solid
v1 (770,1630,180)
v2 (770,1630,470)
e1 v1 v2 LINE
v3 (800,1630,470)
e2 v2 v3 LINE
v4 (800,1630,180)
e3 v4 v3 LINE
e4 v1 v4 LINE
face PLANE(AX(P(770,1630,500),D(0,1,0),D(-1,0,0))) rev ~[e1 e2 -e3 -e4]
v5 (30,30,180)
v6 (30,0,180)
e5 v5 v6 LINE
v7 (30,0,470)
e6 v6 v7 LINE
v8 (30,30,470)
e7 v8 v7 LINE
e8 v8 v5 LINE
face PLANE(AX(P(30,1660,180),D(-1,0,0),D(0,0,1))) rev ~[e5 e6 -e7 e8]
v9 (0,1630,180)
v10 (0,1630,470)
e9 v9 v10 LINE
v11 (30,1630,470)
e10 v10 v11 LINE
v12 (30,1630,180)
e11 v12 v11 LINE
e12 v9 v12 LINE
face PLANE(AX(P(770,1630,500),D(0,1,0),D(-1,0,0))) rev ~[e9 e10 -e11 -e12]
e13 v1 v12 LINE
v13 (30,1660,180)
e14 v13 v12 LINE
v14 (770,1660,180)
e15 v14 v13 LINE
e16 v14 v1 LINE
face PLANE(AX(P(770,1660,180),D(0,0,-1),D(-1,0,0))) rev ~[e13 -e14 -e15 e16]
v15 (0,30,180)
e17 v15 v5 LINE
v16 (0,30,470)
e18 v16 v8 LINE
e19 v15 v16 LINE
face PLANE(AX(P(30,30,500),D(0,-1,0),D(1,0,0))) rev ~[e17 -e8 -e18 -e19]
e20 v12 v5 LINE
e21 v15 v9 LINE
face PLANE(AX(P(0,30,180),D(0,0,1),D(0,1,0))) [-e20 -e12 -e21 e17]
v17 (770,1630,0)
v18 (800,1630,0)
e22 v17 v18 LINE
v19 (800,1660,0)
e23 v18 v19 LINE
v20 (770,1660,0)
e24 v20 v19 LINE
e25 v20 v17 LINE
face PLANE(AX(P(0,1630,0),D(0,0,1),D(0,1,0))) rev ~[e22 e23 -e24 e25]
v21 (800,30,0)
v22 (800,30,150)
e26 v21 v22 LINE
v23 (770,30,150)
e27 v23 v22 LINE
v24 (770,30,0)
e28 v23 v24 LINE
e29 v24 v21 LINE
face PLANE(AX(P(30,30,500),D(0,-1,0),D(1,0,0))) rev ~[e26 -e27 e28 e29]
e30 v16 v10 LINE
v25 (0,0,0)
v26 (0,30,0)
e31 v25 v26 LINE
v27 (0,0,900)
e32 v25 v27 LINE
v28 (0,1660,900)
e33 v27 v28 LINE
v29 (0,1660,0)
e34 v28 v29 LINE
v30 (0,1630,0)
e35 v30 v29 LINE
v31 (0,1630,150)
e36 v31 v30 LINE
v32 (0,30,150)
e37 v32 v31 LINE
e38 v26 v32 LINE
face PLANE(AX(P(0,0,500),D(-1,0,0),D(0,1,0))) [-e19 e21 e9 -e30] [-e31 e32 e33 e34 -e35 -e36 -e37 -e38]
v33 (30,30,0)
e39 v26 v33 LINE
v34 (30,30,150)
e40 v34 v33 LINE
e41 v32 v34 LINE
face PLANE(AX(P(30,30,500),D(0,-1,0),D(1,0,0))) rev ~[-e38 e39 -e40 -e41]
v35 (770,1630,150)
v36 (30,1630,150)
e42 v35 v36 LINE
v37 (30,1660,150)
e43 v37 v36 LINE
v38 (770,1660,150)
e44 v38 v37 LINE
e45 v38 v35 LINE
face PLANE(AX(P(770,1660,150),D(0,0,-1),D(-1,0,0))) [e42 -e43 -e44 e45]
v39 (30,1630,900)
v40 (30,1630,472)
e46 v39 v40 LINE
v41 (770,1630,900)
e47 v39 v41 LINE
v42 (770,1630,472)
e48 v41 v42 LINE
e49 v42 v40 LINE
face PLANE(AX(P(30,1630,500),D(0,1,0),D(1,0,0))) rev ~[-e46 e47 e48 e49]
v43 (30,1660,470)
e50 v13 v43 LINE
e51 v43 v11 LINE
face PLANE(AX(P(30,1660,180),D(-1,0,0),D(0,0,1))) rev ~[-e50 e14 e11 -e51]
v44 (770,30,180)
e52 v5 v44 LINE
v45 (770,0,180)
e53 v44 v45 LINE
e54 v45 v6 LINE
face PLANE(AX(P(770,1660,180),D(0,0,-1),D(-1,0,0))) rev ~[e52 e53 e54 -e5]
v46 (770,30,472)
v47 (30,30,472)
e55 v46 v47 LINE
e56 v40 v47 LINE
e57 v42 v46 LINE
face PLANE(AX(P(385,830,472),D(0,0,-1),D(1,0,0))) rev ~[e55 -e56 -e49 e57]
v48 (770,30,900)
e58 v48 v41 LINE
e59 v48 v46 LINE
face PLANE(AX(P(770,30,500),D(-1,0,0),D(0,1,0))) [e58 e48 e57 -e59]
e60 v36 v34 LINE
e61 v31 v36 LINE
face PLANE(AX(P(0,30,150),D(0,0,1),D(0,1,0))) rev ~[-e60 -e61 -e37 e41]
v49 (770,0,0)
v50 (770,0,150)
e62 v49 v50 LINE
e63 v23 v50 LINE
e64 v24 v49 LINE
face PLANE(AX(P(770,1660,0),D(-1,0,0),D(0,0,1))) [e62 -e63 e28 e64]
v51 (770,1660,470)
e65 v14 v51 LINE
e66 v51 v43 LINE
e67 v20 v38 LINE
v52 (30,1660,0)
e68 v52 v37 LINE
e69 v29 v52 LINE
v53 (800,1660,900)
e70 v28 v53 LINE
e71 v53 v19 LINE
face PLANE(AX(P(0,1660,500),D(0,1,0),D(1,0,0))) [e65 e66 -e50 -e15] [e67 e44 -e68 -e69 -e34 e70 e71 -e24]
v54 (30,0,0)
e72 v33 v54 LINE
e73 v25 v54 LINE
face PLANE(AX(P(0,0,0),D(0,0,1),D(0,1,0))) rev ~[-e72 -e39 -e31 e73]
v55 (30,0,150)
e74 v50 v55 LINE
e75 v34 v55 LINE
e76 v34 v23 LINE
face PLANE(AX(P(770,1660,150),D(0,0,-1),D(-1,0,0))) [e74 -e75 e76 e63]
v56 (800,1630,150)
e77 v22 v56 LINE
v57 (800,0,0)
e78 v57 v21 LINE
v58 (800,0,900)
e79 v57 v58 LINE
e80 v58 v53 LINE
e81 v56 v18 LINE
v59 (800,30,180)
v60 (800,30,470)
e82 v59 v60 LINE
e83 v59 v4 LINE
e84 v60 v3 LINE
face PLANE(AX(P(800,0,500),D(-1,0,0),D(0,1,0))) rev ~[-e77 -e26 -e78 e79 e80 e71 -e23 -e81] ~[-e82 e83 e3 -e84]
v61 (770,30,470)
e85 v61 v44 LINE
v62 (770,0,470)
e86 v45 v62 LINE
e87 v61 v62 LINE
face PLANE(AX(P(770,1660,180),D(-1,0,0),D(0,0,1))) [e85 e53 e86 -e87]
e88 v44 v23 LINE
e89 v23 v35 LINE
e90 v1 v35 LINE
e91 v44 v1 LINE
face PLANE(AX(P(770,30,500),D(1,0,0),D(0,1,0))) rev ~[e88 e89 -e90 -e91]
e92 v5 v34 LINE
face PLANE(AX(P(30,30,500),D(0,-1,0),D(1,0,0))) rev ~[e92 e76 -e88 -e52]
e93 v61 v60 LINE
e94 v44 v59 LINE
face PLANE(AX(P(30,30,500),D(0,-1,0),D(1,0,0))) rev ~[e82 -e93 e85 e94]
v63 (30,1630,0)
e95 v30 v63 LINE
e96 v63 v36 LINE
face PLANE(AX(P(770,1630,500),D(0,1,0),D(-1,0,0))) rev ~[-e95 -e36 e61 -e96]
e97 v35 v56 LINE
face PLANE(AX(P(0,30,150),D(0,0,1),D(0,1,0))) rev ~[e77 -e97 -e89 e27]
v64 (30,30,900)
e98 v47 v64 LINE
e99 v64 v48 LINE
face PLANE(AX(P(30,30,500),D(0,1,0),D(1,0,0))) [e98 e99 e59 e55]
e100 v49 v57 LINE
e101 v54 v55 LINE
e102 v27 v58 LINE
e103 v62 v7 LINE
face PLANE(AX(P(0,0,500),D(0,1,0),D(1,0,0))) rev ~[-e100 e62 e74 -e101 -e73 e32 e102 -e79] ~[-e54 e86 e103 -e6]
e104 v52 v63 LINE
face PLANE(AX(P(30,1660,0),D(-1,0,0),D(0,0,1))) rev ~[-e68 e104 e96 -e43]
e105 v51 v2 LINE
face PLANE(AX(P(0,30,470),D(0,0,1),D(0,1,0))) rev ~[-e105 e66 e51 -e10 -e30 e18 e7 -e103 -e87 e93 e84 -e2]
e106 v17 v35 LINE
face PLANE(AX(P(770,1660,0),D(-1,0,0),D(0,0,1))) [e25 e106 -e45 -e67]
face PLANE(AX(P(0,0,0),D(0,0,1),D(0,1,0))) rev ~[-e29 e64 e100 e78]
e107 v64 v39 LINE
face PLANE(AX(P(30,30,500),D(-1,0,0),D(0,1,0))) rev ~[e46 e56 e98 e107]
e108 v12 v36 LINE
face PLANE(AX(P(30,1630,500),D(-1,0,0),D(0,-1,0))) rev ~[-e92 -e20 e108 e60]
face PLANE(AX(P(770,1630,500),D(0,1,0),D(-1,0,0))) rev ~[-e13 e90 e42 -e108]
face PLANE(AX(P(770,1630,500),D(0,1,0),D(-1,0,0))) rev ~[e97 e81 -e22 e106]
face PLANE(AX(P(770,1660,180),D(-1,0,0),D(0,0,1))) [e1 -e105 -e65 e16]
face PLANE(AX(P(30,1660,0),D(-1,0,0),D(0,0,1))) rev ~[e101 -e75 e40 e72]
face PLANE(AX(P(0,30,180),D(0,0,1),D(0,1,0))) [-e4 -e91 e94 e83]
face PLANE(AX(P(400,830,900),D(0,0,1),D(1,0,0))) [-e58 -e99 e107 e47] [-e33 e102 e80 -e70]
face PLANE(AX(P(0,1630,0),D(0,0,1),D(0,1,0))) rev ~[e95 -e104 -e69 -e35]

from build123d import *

# Parameters (mm, degrees)
F0_W     = 1600
F0_H     = 290
F1_DEPTH = 800
F3_DEPTH = 500.001
F4_W     = 740
F4_H     = 150
F4_H_2   = 290
F5_DEPTH = 1660.001
F6_W     = 800
F6_H     = 1660
F6_W_2   = 740
F6_H_2   = 1600
F7_DEPTH = 400
F8_W     = 770
F8_H     = 1660
F9_DEPTH = 2


with BuildPart() as f1:
    # F0 (on Right) → F1 (new body)
    with BuildSketch(Plane.YZ):
        Polygon((0, 500), (0, 0), (30, 0), (30, 150), (1630, 150), (1630, 0), (1660, 0), (1660, 500), align=None)
        with Locations((830, 325)):
            Rectangle(F0_W, F0_H, mode=Mode.SUBTRACT)
    extrude(amount=F1_DEPTH)

    # F2 (on face) → F3 (cut, through all)
    with BuildSketch(Plane.XY.offset(500)):
        Polygon((30, 30), (770, 30), (770, 1630), (385, 1630), (30, 1630), align=None)
    extrude(amount=-F3_DEPTH, mode=Mode.SUBTRACT)

    # F4 (on face) → F5 (cut, through all)
    with BuildSketch(Plane(origin=(0, 1660, 0), x_dir=(-1, 0, 0), z_dir=(0, 1, 0))):
        with Locations((-400, 75)):
            Rectangle(F4_W, F4_H)
        with Locations((-400, 325)):
            Rectangle(F4_W, F4_H_2)
    extrude(amount=-F5_DEPTH, mode=Mode.SUBTRACT)

    # F6 (on face) → F7 (join)
    with BuildSketch(Plane.XY.offset(500)):
        with Locations((400, 830)):
            Rectangle(F6_W, F6_H)
        with Locations((400, 830)):
            Rectangle(F6_W_2, F6_H_2, mode=Mode.SUBTRACT)
    extrude(amount=F7_DEPTH)

    # F8 (on face) → F9 (join)
    with BuildSketch(Plane(origin=(0, 0, 470), x_dir=(1, 0, 0), z_dir=(0, 0, -1))):
        with Locations((385, -830)):
            Rectangle(F8_W, F8_H)
    extrude(amount=-F9_DEPTH)


solid = f1.part
